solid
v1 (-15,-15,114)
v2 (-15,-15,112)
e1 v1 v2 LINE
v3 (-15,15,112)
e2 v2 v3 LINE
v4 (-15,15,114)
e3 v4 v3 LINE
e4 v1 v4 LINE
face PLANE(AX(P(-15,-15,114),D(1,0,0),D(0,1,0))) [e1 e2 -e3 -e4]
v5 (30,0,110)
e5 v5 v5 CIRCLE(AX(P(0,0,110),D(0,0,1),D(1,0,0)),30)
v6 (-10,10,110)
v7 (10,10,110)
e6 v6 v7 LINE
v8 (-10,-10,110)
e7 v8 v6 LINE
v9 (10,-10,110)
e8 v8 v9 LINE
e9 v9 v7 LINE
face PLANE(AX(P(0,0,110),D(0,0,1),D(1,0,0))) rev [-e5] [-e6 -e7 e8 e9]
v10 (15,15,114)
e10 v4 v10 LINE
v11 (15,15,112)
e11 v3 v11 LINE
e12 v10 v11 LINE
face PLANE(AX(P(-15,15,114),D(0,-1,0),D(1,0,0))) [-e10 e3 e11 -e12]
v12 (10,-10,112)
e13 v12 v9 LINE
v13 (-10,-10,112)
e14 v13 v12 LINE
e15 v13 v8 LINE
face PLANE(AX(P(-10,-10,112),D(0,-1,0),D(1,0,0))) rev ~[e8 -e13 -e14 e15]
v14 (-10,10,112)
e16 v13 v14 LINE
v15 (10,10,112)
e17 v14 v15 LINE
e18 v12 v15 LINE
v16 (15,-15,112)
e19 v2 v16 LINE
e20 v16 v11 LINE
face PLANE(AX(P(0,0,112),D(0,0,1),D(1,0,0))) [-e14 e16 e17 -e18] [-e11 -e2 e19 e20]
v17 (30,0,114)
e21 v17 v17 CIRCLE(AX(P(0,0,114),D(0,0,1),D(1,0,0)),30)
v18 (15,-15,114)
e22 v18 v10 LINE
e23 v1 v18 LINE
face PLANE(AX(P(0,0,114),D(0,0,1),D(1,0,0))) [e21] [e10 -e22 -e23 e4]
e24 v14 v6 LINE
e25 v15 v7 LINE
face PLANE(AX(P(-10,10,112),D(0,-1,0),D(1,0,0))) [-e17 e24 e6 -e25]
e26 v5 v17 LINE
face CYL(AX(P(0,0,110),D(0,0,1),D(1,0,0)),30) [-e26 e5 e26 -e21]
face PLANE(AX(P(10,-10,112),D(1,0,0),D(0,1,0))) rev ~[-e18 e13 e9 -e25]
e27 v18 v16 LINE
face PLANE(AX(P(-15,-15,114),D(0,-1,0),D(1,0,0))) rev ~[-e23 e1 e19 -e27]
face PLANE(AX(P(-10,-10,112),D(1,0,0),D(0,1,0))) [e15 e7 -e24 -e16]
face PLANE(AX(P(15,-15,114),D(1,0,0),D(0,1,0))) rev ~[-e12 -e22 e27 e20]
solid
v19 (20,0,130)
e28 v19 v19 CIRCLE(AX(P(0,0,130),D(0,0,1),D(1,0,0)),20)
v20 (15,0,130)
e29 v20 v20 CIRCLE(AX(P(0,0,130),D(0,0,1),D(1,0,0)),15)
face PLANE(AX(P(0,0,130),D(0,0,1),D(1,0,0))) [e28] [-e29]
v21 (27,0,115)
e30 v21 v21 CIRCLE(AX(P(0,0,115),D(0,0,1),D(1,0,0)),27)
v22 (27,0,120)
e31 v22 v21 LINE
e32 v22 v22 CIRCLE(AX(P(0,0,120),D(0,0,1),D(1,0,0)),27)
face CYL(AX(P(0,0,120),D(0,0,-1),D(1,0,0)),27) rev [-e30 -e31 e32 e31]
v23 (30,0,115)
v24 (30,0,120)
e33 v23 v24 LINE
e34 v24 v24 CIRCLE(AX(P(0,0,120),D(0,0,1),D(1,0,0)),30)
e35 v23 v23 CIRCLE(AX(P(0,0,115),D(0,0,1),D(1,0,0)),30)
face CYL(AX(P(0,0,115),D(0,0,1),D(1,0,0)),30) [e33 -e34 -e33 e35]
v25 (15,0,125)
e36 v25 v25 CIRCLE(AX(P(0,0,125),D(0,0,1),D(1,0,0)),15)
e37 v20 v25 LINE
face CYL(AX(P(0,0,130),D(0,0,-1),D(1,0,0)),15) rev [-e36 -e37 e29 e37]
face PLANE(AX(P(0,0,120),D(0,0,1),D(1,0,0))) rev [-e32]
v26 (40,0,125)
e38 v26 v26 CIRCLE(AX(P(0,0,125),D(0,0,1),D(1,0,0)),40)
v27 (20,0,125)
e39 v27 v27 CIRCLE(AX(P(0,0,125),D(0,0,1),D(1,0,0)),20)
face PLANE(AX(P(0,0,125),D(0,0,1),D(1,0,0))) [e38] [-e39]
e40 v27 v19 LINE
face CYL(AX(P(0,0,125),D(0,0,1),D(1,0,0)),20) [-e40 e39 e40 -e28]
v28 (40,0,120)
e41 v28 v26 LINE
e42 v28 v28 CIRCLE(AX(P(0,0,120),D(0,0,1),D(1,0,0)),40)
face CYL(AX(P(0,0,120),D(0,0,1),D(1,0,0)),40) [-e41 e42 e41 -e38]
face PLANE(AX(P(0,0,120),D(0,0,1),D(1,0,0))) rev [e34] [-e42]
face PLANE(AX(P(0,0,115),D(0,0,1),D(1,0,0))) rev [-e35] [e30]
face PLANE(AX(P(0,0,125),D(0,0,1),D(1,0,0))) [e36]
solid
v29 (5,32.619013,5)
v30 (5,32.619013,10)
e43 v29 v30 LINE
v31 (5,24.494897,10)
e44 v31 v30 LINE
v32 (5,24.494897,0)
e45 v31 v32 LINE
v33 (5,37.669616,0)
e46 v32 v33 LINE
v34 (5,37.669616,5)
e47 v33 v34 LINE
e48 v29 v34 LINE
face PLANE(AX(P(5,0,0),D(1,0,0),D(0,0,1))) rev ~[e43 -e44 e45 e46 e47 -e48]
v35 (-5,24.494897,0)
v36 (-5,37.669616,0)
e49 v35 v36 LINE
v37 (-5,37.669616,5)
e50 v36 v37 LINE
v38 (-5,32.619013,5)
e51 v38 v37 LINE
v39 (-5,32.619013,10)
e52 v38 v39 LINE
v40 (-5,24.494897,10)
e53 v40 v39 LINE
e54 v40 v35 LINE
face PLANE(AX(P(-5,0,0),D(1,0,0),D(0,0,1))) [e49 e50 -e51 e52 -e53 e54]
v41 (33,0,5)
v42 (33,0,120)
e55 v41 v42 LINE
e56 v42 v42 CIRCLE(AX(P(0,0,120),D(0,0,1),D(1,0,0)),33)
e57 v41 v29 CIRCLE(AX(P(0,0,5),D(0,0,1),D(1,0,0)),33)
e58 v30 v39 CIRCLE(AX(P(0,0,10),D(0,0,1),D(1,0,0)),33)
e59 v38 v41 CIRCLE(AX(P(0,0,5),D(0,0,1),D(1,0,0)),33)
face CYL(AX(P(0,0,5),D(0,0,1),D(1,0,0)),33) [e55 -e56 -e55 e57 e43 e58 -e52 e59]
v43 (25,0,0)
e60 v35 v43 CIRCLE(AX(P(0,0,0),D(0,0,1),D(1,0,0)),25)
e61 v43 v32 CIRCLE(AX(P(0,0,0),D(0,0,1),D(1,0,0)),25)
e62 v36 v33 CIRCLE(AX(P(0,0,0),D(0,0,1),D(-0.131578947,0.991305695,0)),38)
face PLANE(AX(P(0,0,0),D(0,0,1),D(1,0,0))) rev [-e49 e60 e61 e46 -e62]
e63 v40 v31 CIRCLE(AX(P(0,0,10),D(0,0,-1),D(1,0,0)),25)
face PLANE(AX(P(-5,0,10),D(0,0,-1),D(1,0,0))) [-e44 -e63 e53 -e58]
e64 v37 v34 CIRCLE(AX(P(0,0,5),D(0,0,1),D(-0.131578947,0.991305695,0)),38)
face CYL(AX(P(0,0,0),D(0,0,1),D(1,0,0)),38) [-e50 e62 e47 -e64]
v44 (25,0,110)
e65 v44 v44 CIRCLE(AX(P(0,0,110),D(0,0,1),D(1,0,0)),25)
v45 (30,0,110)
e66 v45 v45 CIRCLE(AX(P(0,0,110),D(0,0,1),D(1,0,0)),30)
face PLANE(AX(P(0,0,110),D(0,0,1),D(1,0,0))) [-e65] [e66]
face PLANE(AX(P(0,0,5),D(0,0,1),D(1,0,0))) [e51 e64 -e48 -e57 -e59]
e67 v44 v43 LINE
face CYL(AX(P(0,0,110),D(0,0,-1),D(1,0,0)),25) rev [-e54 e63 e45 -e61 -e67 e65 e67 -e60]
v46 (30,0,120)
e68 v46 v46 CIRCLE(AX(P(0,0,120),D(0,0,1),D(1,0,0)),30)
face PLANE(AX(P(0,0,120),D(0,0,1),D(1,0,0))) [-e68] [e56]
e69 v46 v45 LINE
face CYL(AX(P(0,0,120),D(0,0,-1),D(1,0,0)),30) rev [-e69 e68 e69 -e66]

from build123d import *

# Parameters (mm, degrees)
F4_W     = 10
F4_H     = 10
F5_DEPTH = 77.6
F6_W     = 30
F6_H     = 30
F7_DEPTH = 2
F8_W     = 20
F8_H     = 20
F9_DEPTH = 2


with BuildPart() as f1:
    # F0 (on Front) → F1 (revolve)
    with BuildSketch(Plane.XZ):
        Polygon((33, 5), (33, 120), (30, 120), (30, 115), (30, 114), (30, 110), (25, 110), (25, 0), (38, 0), (38, 5), align=None)
    revolve(axis=Axis((0, 0, 57), (0, 0, 1)))

    # F4 (on Front) → F5 (cut)
    with BuildSketch(Plane.XZ):
        with Locations((0, 5)):
            Rectangle(F4_W, F4_H)
    extrude(amount=-F5_DEPTH, mode=Mode.SUBTRACT)


with BuildPart() as f2:
    # F0 (on Front) → F2 (revolve)
    with BuildSketch(Plane.XZ):
        Polygon((33, 120), (40, 120), (40, 125), (20, 125), (20, 130), (15, 130), (15, 125), (0, 125), (0, 120), (27, 120), (27, 115), (30, 115), (30, 120), align=None)
    revolve(axis=Axis((0, 0, 57), (0, 0, 1)))


with BuildPart() as f3:
    # F0 (on Front) → F3 (revolve)
    with BuildSketch(Plane.XZ):
        Polygon((30, 110), (30, 114), (0, 114), (0, 110), (25, 110), align=None)
    revolve(axis=Axis((0, 0, 57), (0, 0, 1)))

    # F6 (on face) → F7 (cut)
    with BuildSketch(Plane.XY.offset(114)):
        Rectangle(F6_W, F6_H)
    extrude(amount=-F7_DEPTH, mode=Mode.SUBTRACT)

    # F8 (on face) → F9 (cut)
    with BuildSketch(Plane.XY.offset(112)):
        Rectangle(F8_W, F8_H)
    extrude(amount=-F9_DEPTH, mode=Mode.SUBTRACT)


solid = Compound([f1.part, f2.part, f3.part])
